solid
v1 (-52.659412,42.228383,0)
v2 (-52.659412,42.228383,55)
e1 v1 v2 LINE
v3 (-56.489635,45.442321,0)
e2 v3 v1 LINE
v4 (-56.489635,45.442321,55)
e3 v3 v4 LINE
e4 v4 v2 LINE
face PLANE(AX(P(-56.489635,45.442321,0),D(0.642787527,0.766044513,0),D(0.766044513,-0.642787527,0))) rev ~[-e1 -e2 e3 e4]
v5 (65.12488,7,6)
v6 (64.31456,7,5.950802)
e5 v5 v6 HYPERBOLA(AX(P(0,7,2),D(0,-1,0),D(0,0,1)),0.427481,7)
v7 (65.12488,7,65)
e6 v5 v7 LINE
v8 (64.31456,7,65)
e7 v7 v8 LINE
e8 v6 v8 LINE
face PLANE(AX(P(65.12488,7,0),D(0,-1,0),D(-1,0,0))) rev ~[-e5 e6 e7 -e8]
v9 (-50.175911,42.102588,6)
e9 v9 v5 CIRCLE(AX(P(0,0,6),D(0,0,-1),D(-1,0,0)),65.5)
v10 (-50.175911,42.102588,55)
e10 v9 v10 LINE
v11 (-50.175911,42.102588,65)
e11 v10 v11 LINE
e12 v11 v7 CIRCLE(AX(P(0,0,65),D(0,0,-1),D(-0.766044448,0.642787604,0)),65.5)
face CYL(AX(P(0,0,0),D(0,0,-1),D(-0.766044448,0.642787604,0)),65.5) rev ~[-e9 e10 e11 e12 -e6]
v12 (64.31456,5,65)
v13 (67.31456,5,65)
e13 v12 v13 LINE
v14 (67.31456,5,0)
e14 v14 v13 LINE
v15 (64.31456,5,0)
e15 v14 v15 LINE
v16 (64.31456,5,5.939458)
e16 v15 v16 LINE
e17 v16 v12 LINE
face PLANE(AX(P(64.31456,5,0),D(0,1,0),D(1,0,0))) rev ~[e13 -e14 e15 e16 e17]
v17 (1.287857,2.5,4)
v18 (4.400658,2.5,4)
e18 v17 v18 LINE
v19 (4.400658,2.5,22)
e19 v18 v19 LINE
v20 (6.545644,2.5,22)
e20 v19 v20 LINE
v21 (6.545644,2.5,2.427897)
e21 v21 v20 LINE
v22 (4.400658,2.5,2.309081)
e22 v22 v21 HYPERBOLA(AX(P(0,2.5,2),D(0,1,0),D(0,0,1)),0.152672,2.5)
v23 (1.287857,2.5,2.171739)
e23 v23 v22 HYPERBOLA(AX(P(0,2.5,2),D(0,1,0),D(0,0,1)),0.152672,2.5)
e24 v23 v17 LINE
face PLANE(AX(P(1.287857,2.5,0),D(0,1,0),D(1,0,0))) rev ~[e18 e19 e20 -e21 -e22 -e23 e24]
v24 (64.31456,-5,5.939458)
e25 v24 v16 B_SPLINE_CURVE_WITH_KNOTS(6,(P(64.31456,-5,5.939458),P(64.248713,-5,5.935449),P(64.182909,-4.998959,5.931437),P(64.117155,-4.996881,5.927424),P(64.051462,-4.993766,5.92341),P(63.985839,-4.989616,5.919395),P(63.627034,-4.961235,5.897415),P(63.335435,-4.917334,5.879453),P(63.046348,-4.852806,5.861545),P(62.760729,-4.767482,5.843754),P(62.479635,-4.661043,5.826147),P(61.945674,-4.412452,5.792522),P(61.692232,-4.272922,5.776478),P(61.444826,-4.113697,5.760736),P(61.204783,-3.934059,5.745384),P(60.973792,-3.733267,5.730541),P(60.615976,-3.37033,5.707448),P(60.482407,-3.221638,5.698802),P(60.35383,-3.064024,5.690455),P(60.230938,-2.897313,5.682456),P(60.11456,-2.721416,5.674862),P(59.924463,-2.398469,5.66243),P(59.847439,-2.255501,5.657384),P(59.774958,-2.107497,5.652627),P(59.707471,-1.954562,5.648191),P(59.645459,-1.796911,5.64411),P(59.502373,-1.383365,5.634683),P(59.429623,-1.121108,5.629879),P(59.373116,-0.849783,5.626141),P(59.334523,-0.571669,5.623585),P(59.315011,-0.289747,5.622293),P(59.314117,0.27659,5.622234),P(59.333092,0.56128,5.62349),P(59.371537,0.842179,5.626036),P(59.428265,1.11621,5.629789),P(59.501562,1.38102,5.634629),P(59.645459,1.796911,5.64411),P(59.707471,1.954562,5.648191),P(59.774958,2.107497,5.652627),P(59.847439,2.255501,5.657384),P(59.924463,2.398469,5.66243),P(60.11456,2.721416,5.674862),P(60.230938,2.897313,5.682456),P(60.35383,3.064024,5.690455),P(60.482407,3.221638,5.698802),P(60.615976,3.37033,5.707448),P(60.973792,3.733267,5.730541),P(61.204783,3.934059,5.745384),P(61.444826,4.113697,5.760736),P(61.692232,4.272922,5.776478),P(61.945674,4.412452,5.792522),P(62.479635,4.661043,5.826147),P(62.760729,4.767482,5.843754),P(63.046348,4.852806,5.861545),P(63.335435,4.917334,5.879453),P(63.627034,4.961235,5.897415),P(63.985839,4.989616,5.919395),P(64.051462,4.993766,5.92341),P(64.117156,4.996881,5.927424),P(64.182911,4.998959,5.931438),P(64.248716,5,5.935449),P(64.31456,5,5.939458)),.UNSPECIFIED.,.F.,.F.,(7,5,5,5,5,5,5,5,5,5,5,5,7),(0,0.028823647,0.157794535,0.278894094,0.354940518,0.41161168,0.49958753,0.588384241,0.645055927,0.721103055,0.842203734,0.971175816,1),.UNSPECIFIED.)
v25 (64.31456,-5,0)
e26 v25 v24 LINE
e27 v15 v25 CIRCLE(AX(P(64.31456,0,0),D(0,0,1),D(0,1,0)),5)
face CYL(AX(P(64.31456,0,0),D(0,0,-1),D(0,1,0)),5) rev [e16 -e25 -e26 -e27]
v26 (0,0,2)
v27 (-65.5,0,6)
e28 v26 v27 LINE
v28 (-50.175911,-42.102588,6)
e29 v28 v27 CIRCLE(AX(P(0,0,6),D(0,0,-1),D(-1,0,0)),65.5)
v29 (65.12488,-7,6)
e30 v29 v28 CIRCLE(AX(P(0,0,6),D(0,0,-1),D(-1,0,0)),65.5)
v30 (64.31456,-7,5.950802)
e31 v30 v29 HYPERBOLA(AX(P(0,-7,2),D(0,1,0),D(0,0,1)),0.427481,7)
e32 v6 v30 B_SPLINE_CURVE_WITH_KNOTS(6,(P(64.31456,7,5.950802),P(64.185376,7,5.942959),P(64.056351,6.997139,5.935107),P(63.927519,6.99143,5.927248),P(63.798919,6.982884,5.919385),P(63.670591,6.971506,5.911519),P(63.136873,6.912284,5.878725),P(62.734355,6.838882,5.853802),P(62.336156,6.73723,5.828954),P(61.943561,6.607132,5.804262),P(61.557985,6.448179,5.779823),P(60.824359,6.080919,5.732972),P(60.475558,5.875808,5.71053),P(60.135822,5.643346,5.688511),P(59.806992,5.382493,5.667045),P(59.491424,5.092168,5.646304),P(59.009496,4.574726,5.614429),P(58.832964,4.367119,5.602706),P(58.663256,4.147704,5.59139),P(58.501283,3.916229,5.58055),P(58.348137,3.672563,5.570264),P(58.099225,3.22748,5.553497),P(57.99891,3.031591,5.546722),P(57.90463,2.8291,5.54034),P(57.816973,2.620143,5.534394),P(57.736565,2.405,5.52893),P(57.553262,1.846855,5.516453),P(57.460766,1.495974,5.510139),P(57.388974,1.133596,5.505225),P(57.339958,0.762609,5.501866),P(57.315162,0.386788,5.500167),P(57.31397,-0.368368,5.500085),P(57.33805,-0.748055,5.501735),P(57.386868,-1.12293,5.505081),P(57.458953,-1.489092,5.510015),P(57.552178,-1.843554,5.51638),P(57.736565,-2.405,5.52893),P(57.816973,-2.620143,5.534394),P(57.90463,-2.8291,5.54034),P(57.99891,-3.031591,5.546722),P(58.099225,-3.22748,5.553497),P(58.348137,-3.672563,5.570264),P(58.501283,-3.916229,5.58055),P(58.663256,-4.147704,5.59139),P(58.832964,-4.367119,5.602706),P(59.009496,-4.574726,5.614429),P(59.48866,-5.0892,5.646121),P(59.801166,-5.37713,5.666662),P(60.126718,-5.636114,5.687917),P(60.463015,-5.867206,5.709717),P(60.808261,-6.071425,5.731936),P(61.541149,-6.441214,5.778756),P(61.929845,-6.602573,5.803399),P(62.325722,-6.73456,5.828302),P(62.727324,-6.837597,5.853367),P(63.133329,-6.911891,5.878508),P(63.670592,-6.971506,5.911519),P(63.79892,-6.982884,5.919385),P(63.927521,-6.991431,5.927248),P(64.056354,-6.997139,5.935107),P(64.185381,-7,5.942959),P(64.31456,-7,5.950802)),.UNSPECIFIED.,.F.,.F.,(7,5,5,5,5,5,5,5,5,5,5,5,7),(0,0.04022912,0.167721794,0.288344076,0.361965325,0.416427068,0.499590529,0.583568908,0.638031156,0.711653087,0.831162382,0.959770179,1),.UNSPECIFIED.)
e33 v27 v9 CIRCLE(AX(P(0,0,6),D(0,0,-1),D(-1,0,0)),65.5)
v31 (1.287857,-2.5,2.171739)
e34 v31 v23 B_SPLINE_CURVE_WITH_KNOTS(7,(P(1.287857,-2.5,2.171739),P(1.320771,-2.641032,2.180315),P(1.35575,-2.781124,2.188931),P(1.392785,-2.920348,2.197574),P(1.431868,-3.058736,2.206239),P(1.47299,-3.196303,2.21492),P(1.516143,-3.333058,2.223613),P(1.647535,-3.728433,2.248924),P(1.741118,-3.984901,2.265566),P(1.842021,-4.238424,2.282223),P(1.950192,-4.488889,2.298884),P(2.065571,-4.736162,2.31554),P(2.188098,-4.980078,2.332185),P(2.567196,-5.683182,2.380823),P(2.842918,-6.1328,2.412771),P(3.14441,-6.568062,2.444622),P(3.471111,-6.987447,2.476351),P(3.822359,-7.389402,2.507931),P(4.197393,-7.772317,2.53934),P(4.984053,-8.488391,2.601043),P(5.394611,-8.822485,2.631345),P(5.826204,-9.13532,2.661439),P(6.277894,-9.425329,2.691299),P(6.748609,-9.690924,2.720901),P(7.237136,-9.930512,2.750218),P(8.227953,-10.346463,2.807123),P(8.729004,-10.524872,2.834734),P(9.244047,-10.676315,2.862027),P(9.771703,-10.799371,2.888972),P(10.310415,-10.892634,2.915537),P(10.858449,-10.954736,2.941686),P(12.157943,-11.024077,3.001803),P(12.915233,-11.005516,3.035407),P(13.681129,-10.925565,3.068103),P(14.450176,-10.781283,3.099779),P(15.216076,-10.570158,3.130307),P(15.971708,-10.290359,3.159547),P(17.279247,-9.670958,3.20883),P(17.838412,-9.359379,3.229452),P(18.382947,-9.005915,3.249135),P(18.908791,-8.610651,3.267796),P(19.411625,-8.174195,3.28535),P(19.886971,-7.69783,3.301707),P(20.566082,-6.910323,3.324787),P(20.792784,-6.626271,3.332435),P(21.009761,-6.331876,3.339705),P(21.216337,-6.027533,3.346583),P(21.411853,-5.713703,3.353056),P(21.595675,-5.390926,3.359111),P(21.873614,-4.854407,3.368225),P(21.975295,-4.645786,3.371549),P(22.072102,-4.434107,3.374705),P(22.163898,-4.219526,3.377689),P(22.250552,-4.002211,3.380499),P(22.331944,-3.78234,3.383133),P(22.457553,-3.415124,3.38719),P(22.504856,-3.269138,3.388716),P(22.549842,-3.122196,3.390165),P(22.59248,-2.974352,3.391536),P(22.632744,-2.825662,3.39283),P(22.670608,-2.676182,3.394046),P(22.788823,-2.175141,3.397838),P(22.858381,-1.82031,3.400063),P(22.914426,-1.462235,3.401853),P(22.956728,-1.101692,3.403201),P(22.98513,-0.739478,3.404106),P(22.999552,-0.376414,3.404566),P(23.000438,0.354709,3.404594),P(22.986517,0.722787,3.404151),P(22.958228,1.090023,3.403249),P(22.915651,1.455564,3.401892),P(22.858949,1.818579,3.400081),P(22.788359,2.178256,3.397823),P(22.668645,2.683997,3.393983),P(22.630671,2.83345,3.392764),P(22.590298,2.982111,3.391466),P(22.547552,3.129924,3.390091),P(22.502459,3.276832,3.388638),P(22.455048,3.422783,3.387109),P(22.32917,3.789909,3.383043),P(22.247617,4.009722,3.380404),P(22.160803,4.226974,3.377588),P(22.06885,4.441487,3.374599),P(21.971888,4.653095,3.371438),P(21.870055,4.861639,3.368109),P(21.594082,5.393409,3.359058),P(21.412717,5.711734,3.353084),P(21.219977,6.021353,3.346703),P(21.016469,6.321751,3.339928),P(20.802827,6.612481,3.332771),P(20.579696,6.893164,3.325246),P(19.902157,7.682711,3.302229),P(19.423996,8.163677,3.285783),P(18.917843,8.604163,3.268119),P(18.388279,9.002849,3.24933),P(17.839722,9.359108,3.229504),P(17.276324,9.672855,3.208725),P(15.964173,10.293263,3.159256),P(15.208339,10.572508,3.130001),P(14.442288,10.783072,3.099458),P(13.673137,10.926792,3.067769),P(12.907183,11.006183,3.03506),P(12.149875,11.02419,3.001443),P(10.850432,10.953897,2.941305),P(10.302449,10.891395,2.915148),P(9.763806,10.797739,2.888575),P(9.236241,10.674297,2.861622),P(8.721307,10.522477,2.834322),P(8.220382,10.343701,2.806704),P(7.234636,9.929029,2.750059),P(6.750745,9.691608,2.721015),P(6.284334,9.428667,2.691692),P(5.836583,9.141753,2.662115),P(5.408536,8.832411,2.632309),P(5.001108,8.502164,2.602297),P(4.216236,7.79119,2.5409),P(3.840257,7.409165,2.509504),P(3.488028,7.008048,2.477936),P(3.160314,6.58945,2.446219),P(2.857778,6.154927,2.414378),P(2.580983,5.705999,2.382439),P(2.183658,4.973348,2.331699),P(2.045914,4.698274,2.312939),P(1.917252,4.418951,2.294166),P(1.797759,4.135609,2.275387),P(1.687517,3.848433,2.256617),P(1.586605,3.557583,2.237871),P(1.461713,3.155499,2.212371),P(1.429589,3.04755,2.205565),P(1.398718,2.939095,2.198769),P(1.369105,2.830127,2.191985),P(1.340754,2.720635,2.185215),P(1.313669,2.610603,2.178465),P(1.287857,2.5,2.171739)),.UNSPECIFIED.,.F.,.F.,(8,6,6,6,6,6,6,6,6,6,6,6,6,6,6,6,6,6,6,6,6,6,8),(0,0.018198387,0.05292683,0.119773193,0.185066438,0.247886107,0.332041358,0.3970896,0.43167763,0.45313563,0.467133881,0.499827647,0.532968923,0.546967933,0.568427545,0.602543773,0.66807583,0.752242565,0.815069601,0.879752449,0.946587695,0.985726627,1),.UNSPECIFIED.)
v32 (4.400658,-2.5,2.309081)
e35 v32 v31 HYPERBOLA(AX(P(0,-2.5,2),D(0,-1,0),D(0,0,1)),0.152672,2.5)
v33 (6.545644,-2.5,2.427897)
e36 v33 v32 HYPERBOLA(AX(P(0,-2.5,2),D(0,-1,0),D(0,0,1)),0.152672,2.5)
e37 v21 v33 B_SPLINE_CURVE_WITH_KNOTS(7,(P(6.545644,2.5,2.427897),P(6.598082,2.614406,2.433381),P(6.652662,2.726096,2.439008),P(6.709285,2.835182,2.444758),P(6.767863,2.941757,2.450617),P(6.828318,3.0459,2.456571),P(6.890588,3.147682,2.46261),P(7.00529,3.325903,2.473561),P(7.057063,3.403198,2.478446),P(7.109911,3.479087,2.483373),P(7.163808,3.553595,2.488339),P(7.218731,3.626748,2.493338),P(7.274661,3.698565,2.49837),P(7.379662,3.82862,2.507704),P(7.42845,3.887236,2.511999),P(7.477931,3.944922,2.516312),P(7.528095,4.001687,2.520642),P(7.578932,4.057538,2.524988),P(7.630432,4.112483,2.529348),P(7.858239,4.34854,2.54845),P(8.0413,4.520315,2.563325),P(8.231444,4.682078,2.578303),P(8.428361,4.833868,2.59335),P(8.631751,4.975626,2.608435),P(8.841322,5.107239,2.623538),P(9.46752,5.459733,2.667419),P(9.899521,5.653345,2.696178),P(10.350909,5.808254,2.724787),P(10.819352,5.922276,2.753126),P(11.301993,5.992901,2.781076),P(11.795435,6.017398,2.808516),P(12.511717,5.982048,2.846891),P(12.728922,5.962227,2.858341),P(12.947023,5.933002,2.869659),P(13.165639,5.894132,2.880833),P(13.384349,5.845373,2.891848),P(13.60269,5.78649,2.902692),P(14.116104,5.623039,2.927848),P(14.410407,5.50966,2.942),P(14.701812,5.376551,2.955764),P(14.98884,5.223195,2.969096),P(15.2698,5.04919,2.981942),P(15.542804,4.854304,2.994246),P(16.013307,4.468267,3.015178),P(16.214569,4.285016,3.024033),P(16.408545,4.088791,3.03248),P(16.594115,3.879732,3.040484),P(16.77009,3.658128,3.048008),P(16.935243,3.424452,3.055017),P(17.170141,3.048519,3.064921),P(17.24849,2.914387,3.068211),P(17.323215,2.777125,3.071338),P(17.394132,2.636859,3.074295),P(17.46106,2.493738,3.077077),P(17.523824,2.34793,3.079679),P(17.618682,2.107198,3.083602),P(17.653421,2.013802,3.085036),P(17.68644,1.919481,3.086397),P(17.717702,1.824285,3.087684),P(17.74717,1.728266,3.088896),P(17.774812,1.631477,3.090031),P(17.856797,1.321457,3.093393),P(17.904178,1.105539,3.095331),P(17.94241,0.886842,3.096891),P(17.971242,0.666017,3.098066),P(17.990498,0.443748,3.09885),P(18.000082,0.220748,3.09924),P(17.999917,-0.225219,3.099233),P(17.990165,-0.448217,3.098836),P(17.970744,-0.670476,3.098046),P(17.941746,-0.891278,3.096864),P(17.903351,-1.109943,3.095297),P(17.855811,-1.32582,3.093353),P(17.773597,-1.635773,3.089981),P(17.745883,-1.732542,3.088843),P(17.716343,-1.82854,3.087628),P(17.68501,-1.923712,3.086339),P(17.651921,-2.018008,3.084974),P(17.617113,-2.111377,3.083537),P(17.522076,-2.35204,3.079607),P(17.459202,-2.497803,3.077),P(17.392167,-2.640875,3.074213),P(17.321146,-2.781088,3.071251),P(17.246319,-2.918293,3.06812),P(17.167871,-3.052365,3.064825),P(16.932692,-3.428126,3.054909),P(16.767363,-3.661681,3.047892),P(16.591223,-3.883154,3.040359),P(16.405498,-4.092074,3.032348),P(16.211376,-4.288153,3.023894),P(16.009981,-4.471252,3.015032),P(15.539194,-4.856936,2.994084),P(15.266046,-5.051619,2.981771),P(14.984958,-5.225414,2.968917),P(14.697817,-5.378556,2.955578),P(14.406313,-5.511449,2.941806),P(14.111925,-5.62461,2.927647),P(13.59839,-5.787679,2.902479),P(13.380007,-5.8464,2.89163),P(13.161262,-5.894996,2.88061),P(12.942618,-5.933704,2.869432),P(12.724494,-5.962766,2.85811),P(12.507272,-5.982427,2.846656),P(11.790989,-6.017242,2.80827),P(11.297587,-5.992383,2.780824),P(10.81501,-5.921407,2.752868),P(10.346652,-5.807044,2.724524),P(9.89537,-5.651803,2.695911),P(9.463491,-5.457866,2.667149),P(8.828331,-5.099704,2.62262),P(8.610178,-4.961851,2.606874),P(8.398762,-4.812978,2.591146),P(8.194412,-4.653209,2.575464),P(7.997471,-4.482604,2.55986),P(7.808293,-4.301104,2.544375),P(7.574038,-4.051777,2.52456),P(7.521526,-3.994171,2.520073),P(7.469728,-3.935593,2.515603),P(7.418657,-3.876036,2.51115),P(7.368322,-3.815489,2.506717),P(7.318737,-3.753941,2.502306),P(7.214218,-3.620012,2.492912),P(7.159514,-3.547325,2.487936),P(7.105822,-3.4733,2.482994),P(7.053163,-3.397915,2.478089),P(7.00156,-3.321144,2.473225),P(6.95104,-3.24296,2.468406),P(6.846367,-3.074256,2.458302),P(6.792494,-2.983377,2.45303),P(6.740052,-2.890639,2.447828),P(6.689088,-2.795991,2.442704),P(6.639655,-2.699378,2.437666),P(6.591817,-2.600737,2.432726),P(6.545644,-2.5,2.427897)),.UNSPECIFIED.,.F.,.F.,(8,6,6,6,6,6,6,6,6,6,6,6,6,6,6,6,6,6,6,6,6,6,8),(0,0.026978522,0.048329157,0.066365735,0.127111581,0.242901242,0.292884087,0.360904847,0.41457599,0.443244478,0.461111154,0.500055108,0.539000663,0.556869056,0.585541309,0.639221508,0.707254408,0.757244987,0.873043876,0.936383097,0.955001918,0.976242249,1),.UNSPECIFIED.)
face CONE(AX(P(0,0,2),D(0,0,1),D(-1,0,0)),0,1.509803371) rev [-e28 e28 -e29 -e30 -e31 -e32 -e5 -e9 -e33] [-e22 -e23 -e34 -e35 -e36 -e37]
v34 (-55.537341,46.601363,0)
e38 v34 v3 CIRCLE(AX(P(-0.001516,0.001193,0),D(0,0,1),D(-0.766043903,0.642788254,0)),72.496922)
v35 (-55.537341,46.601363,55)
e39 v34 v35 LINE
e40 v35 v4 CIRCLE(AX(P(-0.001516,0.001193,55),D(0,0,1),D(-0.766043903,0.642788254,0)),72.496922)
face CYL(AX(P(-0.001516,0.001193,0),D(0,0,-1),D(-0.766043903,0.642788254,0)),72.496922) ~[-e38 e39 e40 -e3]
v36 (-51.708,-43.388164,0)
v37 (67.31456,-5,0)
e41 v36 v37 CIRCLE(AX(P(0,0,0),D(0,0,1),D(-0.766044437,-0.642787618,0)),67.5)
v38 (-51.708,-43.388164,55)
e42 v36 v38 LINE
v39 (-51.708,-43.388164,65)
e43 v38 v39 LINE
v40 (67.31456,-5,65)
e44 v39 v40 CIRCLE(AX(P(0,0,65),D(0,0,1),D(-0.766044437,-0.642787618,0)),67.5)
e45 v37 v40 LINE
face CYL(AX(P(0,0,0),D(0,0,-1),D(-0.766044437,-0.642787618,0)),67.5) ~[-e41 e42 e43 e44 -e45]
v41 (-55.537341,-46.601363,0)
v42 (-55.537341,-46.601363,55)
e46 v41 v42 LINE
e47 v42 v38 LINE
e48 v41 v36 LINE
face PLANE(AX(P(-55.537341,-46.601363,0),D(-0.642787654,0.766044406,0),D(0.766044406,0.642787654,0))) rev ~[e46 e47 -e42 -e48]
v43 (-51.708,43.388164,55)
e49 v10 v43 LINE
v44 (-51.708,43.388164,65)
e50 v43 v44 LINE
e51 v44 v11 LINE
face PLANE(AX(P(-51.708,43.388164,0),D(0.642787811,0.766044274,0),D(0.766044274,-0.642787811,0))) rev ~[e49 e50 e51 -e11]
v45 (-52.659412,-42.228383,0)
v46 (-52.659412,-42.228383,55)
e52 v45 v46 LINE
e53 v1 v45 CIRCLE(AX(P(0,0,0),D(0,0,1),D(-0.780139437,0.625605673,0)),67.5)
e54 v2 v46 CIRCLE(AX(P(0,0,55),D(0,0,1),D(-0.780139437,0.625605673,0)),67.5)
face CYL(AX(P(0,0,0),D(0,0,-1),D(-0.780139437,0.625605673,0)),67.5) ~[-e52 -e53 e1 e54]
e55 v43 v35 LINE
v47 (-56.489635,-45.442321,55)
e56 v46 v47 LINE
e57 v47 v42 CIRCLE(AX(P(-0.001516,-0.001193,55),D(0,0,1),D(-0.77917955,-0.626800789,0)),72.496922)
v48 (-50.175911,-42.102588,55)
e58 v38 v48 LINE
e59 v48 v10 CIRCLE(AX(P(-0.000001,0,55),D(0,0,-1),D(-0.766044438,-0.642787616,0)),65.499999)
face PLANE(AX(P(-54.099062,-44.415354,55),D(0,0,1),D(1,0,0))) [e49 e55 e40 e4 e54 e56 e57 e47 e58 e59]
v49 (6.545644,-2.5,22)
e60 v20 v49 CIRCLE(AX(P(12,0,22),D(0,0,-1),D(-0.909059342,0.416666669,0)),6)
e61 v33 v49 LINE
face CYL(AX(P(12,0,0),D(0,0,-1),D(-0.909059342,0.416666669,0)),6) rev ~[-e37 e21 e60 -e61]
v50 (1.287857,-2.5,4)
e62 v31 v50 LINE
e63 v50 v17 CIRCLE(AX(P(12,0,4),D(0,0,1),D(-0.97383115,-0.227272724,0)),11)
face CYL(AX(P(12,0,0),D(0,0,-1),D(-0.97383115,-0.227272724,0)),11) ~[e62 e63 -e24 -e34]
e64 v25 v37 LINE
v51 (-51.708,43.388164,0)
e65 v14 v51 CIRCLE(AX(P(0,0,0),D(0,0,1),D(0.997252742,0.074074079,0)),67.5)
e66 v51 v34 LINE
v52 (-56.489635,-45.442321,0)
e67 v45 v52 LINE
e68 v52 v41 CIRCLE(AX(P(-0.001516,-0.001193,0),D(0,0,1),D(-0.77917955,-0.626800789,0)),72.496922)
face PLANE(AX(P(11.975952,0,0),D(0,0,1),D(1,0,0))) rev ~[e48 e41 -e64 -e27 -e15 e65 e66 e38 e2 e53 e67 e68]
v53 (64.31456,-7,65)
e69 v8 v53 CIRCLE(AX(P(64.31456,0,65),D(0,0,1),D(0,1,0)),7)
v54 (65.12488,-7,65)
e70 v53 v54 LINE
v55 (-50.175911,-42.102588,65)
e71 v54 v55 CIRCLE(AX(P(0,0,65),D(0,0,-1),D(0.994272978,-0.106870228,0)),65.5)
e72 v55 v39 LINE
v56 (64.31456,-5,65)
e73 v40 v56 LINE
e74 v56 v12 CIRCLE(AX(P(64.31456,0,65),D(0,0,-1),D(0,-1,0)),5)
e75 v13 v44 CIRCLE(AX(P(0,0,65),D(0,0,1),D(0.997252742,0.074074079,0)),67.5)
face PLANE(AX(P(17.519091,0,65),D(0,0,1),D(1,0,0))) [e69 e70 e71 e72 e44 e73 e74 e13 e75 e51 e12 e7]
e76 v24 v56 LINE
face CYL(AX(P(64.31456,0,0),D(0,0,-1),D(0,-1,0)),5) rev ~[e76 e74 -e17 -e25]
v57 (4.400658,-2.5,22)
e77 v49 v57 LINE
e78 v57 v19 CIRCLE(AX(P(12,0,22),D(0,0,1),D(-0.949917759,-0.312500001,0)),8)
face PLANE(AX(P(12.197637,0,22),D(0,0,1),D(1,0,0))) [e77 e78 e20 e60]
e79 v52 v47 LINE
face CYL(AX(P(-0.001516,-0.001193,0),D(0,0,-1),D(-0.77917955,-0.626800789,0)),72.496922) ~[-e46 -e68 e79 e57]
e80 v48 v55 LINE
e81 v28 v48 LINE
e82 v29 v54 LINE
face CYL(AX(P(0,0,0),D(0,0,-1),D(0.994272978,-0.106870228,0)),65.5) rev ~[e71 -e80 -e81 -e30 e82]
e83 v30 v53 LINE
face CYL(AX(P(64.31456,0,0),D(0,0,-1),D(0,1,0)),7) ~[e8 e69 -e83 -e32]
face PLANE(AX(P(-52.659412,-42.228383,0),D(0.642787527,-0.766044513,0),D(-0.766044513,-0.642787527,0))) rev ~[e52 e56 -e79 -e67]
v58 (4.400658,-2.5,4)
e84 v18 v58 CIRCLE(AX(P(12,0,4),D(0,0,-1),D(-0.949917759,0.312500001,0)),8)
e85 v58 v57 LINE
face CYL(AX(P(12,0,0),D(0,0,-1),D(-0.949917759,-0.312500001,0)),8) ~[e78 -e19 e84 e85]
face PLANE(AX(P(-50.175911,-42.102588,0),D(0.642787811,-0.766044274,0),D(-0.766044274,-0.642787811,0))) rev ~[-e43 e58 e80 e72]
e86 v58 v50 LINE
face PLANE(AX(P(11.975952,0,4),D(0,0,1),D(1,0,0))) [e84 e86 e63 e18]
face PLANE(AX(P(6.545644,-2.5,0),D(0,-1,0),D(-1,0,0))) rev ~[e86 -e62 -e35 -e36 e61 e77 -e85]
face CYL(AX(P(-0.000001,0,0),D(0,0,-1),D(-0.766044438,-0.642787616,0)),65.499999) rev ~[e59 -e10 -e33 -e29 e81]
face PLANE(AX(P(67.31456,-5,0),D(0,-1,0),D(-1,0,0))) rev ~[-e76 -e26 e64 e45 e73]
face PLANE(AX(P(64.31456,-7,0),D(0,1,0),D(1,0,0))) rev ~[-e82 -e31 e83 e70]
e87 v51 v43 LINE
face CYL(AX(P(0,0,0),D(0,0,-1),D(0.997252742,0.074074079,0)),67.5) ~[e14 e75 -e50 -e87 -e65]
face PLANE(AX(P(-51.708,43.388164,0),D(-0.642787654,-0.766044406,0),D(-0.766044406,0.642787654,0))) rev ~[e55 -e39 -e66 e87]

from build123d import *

# Parameters (mm, degrees)
F4_DEPTH = 65
F5_DEPTH = 55
F6_DEPTH = 65.001
F7_DEPTH = 22
F8_DEPTH = 4


with BuildPart() as f3:
    # F2 (on Front) → F3 (revolve)
    with BuildSketch(Plane.XZ):
        Polygon((-65.5, 0), (0, 0), (0, 2), (-65.5, 6), align=None)
    revolve(axis=Axis((0, 0, 1), (0, 0, -1)))

    # F0 (on Top) → F4 (join)
    with BuildSketch(Plane.XY):
        with BuildLine():
            ThreePointArc((-50.175911, 42.102588), (19.076579, 62.660467), (65.12488, 7))
            Line((65.12488, 7), (64.31456, 7))
            ThreePointArc((64.31456, 7), (57.31456, 0), (64.31456, -7))
            Line((64.31456, -7), (65.12488, -7))
            ThreePointArc((65.12488, -7), (19.076579, -62.660467), (-50.175911, -42.102588))
            Line((-50.175911, -42.102588), (-51.708, -43.388164))
            ThreePointArc((-51.708, -43.388164), (20.719651, -64.241311), (67.31456, -5))
            Line((67.31456, -5), (64.31456, -5))
            ThreePointArc((64.31456, -5), (59.31456, 0), (64.31456, 5))
            Line((64.31456, 5), (67.31456, 5))
            ThreePointArc((67.31456, 5), (20.719651, 64.241311), (-51.708, 43.388164))
            Line((-51.708, 43.388164), (-50.175911, 42.102588))
        make_face()
    extrude(amount=F4_DEPTH)

    # F0 (on Top) → F5 (join)
    with BuildSketch(Plane.XY):
        with BuildLine():
            Line((-55.537341, -46.601363), (-51.708, -43.388164))
            ThreePointArc((-51.708, -43.388164), (-52.186928, -42.810916), (-52.659412, -42.228383))
            Line((-52.659412, -42.228383), (-56.489635, -45.442321))
            ThreePointArc((-56.489635, -45.442321), (-56.016486, -46.024305), (-55.537341, -46.601363))
        make_face()
        with BuildLine():
            ThreePointArc((-50.175911, -42.102588), (-65.5, 0), (-50.175911, 42.102588))
            Line((-50.175911, 42.102588), (-51.708, 43.388164))
            ThreePointArc((-51.708, 43.388164), (-52.186928, 42.810916), (-52.659412, 42.228383))
            ThreePointArc((-52.659412, 42.228383), (-67.5, 0), (-52.659412, -42.228383))
            ThreePointArc((-52.659412, -42.228383), (-52.186928, -42.810916), (-51.708, -43.388164))
            Line((-51.708, -43.388164), (-50.175911, -42.102588))
        make_face()
        with BuildLine():
            ThreePointArc((-52.659412, 42.228383), (-52.186928, 42.810916), (-51.708, 43.388164))
            Line((-51.708, 43.388164), (-55.537341, 46.601363))
            ThreePointArc((-55.537341, 46.601363), (-56.016486, 46.024305), (-56.489635, 45.442321))
            Line((-56.489635, 45.442321), (-52.659412, 42.228383))
        make_face()
    extrude(amount=F5_DEPTH)

    # F0 (on Top) → F6 (cut, through all)
    with BuildSketch(Plane.XY):
        with BuildLine():
            ThreePointArc((67.31456, -5), (67.5, 0), (67.31456, 5))
            Line((67.31456, 5), (64.31456, 5))
            ThreePointArc((64.31456, 5), (59.31456, 0), (64.31456, -5))
            Line((64.31456, -5), (67.31456, -5))
        make_face()
    extrude(amount=F6_DEPTH, mode=Mode.SUBTRACT)

    # F1 (on Top) → F7 (join)
    with BuildSketch(Plane.XY):
        with BuildLine():
            Line((6.545644, -2.5), (4.400658, -2.5))
            ThreePointArc((4.400658, -2.5), (20, 0), (4.400658, 2.5))
            Line((4.400658, 2.5), (6.545644, 2.5))
            ThreePointArc((6.545644, 2.5), (18, 0), (6.545644, -2.5))
        make_face()
    extrude(amount=F7_DEPTH)

    # F1 (on Top) → F8 (join)
    with BuildSketch(Plane.XY):
        with BuildLine():
            ThreePointArc((4.400658, 2.5), (20, 0), (4.400658, -2.5))
            Line((4.400658, -2.5), (1.287857, -2.5))
            ThreePointArc((1.287857, -2.5), (23, 0), (1.287857, 2.5))
            Line((1.287857, 2.5), (4.400658, 2.5))
        make_face()
    extrude(amount=F8_DEPTH)


solid = f3.part
